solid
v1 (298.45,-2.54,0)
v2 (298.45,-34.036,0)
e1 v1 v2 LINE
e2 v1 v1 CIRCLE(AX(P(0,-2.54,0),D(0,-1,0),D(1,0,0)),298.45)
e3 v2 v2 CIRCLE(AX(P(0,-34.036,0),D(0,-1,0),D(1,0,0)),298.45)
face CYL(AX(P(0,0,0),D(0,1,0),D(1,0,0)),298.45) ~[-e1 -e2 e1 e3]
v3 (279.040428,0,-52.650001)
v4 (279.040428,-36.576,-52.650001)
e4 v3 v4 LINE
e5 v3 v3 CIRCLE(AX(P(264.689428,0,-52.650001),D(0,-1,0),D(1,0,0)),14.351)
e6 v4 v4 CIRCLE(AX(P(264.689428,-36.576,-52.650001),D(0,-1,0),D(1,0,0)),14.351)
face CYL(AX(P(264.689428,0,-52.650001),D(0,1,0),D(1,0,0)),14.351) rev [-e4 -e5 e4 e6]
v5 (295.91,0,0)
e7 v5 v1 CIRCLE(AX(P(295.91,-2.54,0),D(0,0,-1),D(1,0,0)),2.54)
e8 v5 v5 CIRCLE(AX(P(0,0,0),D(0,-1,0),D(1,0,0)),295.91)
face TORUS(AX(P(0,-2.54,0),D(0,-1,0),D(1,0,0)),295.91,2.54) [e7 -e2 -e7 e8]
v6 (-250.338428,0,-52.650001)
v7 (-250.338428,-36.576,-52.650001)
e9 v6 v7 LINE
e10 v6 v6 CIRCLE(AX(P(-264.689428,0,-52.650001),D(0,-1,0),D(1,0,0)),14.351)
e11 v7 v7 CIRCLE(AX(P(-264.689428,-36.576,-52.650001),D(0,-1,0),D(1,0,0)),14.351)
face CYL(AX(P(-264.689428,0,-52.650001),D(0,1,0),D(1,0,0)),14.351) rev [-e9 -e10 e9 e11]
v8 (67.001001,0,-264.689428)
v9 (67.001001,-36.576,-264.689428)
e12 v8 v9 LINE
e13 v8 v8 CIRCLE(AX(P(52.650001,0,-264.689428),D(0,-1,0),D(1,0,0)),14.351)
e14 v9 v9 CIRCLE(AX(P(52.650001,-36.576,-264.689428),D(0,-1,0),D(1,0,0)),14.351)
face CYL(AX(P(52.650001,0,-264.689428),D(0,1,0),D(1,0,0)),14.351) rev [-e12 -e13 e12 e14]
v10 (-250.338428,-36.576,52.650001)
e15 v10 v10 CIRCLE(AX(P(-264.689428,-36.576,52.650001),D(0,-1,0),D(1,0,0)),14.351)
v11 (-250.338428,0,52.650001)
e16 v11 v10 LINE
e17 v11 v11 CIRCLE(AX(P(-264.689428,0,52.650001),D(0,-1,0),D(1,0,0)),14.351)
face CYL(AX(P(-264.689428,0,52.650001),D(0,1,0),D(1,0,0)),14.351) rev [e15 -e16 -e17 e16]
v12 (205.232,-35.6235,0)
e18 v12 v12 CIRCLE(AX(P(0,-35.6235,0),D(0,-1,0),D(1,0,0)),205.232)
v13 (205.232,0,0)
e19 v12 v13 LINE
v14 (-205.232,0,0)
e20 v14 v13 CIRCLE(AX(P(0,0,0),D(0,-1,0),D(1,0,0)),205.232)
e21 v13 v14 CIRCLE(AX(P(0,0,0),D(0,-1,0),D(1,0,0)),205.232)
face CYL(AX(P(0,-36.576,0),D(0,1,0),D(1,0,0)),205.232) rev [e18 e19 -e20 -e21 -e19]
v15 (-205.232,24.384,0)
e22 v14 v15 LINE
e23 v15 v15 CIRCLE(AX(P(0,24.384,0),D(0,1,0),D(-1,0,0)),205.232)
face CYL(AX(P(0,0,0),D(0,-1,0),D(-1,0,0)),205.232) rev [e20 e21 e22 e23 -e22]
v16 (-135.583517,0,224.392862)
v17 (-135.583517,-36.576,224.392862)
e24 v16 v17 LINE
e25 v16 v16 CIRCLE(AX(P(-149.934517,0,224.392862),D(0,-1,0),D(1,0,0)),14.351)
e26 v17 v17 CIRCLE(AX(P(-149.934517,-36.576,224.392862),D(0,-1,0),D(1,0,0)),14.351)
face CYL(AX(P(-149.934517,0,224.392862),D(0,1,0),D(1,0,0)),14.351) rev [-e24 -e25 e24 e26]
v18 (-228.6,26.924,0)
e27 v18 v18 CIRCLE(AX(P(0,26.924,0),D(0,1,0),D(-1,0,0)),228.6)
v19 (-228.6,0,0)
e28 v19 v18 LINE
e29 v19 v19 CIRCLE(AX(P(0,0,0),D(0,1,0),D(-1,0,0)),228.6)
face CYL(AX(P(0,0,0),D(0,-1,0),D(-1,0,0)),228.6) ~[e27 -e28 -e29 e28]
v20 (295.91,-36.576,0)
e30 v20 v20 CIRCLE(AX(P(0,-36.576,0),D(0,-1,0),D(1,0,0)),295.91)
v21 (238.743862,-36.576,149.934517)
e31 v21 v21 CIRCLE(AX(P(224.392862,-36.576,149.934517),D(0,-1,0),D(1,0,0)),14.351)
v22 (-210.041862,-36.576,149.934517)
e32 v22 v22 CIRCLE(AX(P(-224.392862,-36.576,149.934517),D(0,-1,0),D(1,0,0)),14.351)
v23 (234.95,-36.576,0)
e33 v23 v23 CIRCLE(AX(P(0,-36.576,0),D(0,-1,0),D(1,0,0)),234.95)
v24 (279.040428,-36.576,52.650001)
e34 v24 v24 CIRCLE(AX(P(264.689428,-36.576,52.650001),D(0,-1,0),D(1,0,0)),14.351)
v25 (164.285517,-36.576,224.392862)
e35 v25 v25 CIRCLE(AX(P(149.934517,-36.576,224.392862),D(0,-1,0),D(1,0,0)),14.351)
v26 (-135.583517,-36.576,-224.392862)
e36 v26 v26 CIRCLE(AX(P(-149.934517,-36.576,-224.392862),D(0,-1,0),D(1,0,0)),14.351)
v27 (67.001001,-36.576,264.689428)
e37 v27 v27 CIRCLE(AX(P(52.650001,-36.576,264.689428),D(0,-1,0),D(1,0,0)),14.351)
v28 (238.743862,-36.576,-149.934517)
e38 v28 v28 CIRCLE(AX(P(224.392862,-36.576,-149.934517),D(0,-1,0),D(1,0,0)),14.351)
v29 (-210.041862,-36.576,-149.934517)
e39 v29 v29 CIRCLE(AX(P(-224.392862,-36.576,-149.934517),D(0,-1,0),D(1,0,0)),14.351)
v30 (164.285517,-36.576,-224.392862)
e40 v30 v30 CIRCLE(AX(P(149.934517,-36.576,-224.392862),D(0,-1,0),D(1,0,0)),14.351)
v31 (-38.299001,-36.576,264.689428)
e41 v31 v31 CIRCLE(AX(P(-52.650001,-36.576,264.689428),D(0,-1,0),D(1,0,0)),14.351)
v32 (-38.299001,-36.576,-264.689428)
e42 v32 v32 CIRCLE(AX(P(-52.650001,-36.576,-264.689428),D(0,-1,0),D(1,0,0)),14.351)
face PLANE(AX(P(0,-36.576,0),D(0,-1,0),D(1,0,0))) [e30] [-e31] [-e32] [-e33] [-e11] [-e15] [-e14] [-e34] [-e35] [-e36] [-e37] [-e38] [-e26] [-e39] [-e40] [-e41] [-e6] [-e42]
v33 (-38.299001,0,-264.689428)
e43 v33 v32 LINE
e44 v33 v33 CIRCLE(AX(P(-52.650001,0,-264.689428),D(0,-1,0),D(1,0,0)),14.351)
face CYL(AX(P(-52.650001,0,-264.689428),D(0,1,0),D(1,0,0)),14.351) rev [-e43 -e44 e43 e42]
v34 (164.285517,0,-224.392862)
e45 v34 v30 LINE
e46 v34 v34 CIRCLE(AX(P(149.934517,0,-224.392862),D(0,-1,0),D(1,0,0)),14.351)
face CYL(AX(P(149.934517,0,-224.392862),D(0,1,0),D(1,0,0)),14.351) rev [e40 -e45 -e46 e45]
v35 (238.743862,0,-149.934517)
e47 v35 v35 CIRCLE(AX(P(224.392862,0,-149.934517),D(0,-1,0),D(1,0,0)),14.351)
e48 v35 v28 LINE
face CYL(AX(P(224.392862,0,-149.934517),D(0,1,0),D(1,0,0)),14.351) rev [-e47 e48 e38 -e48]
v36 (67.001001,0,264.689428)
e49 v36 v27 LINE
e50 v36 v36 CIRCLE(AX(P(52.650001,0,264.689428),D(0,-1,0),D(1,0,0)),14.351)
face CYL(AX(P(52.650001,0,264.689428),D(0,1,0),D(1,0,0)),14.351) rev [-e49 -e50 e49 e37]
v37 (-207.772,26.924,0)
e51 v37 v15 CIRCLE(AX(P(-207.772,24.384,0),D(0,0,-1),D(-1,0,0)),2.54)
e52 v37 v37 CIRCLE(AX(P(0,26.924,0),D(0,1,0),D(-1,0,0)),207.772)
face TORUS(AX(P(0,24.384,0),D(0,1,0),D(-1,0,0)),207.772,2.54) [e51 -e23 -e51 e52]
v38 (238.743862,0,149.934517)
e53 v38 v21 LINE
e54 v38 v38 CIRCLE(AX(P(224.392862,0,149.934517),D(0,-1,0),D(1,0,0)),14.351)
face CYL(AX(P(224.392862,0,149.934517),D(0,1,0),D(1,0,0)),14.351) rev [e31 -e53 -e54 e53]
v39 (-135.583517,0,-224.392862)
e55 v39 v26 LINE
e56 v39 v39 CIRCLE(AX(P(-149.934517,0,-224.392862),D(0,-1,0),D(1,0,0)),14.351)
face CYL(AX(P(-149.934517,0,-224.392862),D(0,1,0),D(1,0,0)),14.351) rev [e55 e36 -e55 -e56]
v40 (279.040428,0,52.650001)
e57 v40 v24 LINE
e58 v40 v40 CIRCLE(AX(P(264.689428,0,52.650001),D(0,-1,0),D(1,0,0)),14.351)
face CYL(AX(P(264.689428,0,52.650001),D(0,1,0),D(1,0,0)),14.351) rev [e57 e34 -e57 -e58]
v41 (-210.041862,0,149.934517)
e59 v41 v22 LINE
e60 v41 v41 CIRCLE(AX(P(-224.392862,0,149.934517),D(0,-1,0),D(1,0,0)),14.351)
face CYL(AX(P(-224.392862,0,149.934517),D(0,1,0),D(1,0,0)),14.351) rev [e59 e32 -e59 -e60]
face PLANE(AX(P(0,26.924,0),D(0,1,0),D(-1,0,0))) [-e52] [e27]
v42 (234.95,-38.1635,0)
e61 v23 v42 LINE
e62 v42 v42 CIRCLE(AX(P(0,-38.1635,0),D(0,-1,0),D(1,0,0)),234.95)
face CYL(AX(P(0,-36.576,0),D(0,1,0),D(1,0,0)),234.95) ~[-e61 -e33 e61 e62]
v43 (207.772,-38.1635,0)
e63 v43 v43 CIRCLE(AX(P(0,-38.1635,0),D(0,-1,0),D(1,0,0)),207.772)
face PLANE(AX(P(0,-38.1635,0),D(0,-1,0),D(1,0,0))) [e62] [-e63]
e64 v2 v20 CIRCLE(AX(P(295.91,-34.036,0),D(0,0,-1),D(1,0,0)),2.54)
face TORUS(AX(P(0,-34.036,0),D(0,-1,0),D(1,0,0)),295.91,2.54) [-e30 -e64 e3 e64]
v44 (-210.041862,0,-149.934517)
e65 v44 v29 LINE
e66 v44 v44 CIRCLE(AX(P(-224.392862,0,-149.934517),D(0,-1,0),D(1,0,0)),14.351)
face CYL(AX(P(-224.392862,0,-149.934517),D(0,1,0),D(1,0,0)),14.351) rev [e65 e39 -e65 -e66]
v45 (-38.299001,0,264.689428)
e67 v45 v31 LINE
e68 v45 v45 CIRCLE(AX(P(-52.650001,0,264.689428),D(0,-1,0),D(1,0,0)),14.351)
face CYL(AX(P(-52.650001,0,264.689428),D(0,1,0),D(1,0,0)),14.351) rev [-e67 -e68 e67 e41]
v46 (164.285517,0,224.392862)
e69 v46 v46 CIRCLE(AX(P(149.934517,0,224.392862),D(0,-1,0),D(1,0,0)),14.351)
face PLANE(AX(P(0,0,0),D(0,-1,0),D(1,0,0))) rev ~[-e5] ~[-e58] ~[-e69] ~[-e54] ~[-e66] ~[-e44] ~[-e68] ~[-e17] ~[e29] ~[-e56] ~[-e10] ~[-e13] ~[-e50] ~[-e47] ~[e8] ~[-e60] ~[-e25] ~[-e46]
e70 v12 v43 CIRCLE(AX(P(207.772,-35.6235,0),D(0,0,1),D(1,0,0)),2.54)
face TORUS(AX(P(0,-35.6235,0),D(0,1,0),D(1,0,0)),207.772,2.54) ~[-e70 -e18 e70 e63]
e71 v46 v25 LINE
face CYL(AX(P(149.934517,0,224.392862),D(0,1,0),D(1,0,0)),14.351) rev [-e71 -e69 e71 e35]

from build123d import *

# Parameters (mm, degrees)
F0_R     = 298.45
F0_R_2   = 14.351
F0_R_3   = 205.232
F1_DEPTH = 36.576
F2_R     = 234.95
F2_R_2   = 205.232
F3_DEPTH = 1.5875
F4_R     = 228.6
F4_R_2   = 205.232
F5_DEPTH = 26.924
F6_R     = 2.54


with BuildPart() as f1:
    # F0 (on Front) → F1 (new body)
    with BuildSketch(Plane.XZ):
        Circle(F0_R)
        with Locations((-149.934517, -224.392862)):
            Circle(F0_R_2, mode=Mode.SUBTRACT)
        with Locations((-224.392862, -149.934517)):
            Circle(F0_R_2, mode=Mode.SUBTRACT)
        with Locations((-52.650001, -264.689428)):
            Circle(F0_R_2, mode=Mode.SUBTRACT)
        with Locations((-264.689428, -52.650001)):
            Circle(F0_R_2, mode=Mode.SUBTRACT)
        with Locations((52.650001, -264.689428)):
            Circle(F0_R_2, mode=Mode.SUBTRACT)
        with Locations((149.934517, -224.392862)):
            Circle(F0_R_2, mode=Mode.SUBTRACT)
        with Locations((224.392862, -149.934517)):
            Circle(F0_R_2, mode=Mode.SUBTRACT)
        with Locations((264.689428, -52.650001)):
            Circle(F0_R_2, mode=Mode.SUBTRACT)
        with Locations((-264.689428, 52.650001)):
            Circle(F0_R_2, mode=Mode.SUBTRACT)
        with Locations((-224.392862, 149.934517)):
            Circle(F0_R_2, mode=Mode.SUBTRACT)
        with Locations((-149.934517, 224.392862)):
            Circle(F0_R_2, mode=Mode.SUBTRACT)
        with Locations((-52.650001, 264.689428)):
            Circle(F0_R_2, mode=Mode.SUBTRACT)
        Circle(F0_R_3, mode=Mode.SUBTRACT)
        with Locations((264.689428, 52.650001)):
            Circle(F0_R_2, mode=Mode.SUBTRACT)
        with Locations((52.650001, 264.689428)):
            Circle(F0_R_2, mode=Mode.SUBTRACT)
        with Locations((224.392862, 149.934517)):
            Circle(F0_R_2, mode=Mode.SUBTRACT)
        with Locations((149.934517, 224.392862)):
            Circle(F0_R_2, mode=Mode.SUBTRACT)
    extrude(amount=F1_DEPTH)

    # F2 (on face) → F3 (join)
    with BuildSketch(Plane.XZ.offset(36.576)):
        Circle(F2_R)
        Circle(F2_R_2, mode=Mode.SUBTRACT)
    extrude(amount=F3_DEPTH)

    # F4 (on face) → F5 (join)
    with BuildSketch(Plane(origin=(0, 0, 0), x_dir=(-1, 0, 0), z_dir=(0, 1, 0))):
        Circle(F4_R)
        Circle(F4_R_2, mode=Mode.SUBTRACT)
    extrude(amount=F5_DEPTH)

    # F6
    f6_edges = [f1.edges().sort_by_distance(p)[0] for p in [
        (-298.45, 0, 0),
        (205.232, 26.924, 0),
        (-298.45, -36.576, 0),
        (-205.232, -38.1635, 0),
    ]]
    fillet(f6_edges, radius=F6_R)


solid = f1.part
